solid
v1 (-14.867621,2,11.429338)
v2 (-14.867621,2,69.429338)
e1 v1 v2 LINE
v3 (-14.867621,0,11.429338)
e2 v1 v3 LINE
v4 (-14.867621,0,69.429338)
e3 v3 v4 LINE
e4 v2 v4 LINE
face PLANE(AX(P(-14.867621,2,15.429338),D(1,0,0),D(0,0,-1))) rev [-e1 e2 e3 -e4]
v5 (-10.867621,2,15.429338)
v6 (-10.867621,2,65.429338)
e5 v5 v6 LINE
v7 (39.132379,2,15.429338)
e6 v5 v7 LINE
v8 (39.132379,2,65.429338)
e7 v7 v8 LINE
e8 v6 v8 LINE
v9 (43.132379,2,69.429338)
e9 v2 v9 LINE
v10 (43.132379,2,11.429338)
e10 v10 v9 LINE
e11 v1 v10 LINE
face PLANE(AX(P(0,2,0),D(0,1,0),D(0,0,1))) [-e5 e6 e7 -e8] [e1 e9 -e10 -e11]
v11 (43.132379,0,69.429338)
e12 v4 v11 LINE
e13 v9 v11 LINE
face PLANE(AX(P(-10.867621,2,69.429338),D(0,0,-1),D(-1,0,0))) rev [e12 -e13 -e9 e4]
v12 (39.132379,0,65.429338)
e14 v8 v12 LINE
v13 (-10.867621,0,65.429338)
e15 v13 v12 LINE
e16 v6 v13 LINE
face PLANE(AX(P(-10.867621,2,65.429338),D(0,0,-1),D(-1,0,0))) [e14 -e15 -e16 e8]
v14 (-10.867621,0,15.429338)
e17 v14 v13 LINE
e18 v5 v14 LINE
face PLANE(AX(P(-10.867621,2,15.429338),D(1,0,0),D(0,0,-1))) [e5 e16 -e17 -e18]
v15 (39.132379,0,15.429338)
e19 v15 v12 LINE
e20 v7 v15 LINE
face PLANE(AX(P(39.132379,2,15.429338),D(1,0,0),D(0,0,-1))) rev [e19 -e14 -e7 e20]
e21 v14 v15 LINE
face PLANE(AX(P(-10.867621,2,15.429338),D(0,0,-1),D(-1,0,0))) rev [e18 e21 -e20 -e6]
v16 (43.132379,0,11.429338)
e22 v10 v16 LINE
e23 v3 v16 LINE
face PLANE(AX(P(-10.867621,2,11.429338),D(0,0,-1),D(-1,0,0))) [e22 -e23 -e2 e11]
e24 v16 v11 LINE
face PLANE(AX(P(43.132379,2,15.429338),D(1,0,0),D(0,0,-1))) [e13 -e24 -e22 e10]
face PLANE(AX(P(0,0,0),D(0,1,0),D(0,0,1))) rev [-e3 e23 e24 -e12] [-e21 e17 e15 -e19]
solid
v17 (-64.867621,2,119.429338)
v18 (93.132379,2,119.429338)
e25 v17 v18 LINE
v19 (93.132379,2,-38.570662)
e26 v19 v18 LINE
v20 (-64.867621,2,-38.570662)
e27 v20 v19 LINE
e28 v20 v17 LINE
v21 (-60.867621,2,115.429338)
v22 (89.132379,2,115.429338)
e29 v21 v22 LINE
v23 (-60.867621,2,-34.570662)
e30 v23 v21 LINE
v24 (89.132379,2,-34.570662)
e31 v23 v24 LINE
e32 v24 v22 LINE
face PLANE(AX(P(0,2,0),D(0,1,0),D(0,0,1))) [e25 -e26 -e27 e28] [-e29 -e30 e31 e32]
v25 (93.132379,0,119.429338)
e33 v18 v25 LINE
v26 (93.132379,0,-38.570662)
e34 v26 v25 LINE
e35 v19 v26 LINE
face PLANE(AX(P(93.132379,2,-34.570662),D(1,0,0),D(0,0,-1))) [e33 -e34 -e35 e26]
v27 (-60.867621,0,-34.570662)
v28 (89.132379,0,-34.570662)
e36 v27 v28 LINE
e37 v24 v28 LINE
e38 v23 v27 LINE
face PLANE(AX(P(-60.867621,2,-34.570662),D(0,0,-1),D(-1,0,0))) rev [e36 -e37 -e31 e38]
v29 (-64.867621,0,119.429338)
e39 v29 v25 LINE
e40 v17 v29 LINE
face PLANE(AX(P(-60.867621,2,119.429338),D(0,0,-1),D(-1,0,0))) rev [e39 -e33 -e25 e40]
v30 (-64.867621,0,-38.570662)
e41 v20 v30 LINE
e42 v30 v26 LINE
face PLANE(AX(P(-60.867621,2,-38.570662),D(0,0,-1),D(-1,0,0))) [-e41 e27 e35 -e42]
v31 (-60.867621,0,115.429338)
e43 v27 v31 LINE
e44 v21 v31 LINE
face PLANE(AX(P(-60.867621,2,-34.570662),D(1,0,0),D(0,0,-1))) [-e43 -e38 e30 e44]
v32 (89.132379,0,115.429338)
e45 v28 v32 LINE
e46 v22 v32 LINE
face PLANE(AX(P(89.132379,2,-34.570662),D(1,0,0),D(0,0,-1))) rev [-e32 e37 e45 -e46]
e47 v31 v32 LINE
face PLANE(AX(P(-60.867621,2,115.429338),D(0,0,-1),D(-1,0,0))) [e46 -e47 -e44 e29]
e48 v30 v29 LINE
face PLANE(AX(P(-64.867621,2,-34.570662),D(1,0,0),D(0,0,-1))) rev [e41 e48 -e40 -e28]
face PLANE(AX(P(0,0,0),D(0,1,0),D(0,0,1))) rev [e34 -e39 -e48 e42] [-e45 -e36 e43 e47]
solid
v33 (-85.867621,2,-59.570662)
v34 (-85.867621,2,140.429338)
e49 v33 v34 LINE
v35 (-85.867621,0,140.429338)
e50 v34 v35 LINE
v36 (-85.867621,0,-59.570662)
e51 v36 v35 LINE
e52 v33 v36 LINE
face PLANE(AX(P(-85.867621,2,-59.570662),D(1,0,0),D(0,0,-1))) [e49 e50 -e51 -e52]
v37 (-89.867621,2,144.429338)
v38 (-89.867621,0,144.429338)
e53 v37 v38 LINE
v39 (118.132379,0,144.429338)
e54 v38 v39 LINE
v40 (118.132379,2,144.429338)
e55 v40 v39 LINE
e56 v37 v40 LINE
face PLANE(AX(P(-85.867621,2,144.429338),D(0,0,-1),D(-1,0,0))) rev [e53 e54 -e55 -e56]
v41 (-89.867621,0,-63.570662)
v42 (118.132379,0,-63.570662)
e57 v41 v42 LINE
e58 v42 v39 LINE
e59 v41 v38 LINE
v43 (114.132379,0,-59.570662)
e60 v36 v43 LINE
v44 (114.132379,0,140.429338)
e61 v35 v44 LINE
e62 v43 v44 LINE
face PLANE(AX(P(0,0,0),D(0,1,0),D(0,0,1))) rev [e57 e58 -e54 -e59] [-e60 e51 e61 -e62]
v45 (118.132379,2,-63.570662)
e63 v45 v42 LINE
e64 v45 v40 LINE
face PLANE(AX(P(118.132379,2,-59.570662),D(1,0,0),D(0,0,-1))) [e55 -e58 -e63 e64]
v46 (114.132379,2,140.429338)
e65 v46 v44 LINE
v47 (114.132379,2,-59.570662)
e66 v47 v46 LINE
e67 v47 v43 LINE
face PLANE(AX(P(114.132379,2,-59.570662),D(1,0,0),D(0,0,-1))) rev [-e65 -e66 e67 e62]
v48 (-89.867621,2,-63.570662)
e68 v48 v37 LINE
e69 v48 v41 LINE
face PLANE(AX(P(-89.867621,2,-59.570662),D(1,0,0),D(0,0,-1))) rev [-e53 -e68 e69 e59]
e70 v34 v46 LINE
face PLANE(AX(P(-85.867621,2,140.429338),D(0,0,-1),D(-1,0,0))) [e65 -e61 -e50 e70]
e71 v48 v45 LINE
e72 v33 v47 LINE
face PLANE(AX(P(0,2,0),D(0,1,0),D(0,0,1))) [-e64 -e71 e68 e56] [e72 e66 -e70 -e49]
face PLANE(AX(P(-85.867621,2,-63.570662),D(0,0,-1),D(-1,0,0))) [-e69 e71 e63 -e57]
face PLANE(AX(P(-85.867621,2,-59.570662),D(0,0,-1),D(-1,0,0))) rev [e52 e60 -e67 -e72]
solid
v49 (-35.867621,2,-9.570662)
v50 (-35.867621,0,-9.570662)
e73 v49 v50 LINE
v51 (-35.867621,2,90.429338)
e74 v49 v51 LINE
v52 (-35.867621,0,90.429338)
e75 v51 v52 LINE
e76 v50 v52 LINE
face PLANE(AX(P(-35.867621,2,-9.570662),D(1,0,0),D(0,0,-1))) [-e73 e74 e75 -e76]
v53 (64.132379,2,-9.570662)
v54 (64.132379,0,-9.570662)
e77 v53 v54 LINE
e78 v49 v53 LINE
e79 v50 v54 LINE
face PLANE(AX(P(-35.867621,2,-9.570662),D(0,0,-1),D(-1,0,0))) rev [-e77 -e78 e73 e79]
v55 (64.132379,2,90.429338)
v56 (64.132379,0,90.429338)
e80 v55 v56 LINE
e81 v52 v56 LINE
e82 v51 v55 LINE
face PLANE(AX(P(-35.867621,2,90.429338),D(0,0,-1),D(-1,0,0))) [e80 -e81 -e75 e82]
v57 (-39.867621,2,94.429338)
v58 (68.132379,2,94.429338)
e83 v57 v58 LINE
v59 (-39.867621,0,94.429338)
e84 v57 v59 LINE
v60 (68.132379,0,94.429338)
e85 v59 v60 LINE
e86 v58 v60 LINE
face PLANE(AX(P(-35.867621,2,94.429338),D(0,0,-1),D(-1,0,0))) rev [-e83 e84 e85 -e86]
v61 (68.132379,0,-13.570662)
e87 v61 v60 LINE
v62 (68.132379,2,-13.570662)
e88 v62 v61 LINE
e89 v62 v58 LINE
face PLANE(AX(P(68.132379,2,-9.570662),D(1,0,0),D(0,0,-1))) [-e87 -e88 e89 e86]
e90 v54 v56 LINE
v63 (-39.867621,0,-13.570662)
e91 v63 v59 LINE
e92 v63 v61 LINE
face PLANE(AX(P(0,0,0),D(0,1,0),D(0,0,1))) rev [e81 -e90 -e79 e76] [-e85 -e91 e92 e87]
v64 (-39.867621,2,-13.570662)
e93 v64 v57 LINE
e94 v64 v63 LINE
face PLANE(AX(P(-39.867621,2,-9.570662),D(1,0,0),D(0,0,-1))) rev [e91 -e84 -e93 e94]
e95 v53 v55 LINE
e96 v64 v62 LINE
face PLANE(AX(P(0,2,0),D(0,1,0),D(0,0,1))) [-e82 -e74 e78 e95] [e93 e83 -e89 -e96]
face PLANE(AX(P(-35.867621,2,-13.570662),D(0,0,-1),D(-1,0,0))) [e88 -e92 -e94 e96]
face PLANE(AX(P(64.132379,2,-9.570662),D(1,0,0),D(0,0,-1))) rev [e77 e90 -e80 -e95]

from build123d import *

# Parameters (mm, degrees)
SKETCH1_W             = 208
SKETCH1_H             = 208
SKETCH1_W_2           = 200
SKETCH1_H_2           = 200
EXTRUDE_THIN1_DEPTH   = 2
SKETCH1_W_3           = 158
SKETCH1_H_3           = 158
SKETCH1_W_4           = 150
SKETCH1_H_4           = 150
EXTRUDE_THIN1_2_DEPTH = 2
SKETCH1_W_5           = 108
SKETCH1_H_5           = 108
SKETCH1_W_6           = 100
SKETCH1_H_6           = 100
EXTRUDE_THIN1_3_DEPTH = 2
SKETCH1_W_7           = 58
SKETCH1_H_7           = 58
SKETCH1_W_8           = 50
SKETCH1_H_8           = 50
EXTRUDE_THIN1_4_DEPTH = 2


with BuildPart() as part:
    # Sketch1 → Extrude-Thin1 (new body)
    with BuildSketch(Plane(origin=(0, 0, 0), x_dir=(1, 0, 0), z_dir=(0, 1, 0))):
        with Locations((14.132379249, -40.429338104)):
            Rectangle(SKETCH1_W, SKETCH1_H)
        with Locations((14.132379249, -40.429338104)):
            Rectangle(SKETCH1_W_2, SKETCH1_H_2, mode=Mode.SUBTRACT)
    extrude(amount=EXTRUDE_THIN1_DEPTH)


with BuildPart() as body_2:
    # Sketch1 → Extrude-Thin1 2 (new body)
    with BuildSketch(Plane(origin=(0, 0, 0), x_dir=(1, 0, 0), z_dir=(0, 1, 0))):
        with Locations((14.132379249, -40.429338104)):
            Rectangle(SKETCH1_W_3, SKETCH1_H_3)
        with Locations((14.132379249, -40.429338104)):
            Rectangle(SKETCH1_W_4, SKETCH1_H_4, mode=Mode.SUBTRACT)
    extrude(amount=EXTRUDE_THIN1_2_DEPTH)


with BuildPart() as body_3:
    # Sketch1 → Extrude-Thin1 3 (new body)
    with BuildSketch(Plane(origin=(0, 0, 0), x_dir=(1, 0, 0), z_dir=(0, 1, 0))):
        with Locations((14.132379249, -40.429338104)):
            Rectangle(SKETCH1_W_5, SKETCH1_H_5)
        with Locations((14.132379249, -40.429338104)):
            Rectangle(SKETCH1_W_6, SKETCH1_H_6, mode=Mode.SUBTRACT)
    extrude(amount=EXTRUDE_THIN1_3_DEPTH)


with BuildPart() as body_4:
    # Sketch1 → Extrude-Thin1 4 (new body)
    with BuildSketch(Plane(origin=(0, 0, 0), x_dir=(1, 0, 0), z_dir=(0, 1, 0))):
        with Locations((14.132379249, -40.429338104)):
            Rectangle(SKETCH1_W_7, SKETCH1_H_7)
        with Locations((14.132379249, -40.429338104)):
            Rectangle(SKETCH1_W_8, SKETCH1_H_8, mode=Mode.SUBTRACT)
    extrude(amount=EXTRUDE_THIN1_4_DEPTH)


solid = Compound([part.part, body_2.part, body_3.part, body_4.part])
